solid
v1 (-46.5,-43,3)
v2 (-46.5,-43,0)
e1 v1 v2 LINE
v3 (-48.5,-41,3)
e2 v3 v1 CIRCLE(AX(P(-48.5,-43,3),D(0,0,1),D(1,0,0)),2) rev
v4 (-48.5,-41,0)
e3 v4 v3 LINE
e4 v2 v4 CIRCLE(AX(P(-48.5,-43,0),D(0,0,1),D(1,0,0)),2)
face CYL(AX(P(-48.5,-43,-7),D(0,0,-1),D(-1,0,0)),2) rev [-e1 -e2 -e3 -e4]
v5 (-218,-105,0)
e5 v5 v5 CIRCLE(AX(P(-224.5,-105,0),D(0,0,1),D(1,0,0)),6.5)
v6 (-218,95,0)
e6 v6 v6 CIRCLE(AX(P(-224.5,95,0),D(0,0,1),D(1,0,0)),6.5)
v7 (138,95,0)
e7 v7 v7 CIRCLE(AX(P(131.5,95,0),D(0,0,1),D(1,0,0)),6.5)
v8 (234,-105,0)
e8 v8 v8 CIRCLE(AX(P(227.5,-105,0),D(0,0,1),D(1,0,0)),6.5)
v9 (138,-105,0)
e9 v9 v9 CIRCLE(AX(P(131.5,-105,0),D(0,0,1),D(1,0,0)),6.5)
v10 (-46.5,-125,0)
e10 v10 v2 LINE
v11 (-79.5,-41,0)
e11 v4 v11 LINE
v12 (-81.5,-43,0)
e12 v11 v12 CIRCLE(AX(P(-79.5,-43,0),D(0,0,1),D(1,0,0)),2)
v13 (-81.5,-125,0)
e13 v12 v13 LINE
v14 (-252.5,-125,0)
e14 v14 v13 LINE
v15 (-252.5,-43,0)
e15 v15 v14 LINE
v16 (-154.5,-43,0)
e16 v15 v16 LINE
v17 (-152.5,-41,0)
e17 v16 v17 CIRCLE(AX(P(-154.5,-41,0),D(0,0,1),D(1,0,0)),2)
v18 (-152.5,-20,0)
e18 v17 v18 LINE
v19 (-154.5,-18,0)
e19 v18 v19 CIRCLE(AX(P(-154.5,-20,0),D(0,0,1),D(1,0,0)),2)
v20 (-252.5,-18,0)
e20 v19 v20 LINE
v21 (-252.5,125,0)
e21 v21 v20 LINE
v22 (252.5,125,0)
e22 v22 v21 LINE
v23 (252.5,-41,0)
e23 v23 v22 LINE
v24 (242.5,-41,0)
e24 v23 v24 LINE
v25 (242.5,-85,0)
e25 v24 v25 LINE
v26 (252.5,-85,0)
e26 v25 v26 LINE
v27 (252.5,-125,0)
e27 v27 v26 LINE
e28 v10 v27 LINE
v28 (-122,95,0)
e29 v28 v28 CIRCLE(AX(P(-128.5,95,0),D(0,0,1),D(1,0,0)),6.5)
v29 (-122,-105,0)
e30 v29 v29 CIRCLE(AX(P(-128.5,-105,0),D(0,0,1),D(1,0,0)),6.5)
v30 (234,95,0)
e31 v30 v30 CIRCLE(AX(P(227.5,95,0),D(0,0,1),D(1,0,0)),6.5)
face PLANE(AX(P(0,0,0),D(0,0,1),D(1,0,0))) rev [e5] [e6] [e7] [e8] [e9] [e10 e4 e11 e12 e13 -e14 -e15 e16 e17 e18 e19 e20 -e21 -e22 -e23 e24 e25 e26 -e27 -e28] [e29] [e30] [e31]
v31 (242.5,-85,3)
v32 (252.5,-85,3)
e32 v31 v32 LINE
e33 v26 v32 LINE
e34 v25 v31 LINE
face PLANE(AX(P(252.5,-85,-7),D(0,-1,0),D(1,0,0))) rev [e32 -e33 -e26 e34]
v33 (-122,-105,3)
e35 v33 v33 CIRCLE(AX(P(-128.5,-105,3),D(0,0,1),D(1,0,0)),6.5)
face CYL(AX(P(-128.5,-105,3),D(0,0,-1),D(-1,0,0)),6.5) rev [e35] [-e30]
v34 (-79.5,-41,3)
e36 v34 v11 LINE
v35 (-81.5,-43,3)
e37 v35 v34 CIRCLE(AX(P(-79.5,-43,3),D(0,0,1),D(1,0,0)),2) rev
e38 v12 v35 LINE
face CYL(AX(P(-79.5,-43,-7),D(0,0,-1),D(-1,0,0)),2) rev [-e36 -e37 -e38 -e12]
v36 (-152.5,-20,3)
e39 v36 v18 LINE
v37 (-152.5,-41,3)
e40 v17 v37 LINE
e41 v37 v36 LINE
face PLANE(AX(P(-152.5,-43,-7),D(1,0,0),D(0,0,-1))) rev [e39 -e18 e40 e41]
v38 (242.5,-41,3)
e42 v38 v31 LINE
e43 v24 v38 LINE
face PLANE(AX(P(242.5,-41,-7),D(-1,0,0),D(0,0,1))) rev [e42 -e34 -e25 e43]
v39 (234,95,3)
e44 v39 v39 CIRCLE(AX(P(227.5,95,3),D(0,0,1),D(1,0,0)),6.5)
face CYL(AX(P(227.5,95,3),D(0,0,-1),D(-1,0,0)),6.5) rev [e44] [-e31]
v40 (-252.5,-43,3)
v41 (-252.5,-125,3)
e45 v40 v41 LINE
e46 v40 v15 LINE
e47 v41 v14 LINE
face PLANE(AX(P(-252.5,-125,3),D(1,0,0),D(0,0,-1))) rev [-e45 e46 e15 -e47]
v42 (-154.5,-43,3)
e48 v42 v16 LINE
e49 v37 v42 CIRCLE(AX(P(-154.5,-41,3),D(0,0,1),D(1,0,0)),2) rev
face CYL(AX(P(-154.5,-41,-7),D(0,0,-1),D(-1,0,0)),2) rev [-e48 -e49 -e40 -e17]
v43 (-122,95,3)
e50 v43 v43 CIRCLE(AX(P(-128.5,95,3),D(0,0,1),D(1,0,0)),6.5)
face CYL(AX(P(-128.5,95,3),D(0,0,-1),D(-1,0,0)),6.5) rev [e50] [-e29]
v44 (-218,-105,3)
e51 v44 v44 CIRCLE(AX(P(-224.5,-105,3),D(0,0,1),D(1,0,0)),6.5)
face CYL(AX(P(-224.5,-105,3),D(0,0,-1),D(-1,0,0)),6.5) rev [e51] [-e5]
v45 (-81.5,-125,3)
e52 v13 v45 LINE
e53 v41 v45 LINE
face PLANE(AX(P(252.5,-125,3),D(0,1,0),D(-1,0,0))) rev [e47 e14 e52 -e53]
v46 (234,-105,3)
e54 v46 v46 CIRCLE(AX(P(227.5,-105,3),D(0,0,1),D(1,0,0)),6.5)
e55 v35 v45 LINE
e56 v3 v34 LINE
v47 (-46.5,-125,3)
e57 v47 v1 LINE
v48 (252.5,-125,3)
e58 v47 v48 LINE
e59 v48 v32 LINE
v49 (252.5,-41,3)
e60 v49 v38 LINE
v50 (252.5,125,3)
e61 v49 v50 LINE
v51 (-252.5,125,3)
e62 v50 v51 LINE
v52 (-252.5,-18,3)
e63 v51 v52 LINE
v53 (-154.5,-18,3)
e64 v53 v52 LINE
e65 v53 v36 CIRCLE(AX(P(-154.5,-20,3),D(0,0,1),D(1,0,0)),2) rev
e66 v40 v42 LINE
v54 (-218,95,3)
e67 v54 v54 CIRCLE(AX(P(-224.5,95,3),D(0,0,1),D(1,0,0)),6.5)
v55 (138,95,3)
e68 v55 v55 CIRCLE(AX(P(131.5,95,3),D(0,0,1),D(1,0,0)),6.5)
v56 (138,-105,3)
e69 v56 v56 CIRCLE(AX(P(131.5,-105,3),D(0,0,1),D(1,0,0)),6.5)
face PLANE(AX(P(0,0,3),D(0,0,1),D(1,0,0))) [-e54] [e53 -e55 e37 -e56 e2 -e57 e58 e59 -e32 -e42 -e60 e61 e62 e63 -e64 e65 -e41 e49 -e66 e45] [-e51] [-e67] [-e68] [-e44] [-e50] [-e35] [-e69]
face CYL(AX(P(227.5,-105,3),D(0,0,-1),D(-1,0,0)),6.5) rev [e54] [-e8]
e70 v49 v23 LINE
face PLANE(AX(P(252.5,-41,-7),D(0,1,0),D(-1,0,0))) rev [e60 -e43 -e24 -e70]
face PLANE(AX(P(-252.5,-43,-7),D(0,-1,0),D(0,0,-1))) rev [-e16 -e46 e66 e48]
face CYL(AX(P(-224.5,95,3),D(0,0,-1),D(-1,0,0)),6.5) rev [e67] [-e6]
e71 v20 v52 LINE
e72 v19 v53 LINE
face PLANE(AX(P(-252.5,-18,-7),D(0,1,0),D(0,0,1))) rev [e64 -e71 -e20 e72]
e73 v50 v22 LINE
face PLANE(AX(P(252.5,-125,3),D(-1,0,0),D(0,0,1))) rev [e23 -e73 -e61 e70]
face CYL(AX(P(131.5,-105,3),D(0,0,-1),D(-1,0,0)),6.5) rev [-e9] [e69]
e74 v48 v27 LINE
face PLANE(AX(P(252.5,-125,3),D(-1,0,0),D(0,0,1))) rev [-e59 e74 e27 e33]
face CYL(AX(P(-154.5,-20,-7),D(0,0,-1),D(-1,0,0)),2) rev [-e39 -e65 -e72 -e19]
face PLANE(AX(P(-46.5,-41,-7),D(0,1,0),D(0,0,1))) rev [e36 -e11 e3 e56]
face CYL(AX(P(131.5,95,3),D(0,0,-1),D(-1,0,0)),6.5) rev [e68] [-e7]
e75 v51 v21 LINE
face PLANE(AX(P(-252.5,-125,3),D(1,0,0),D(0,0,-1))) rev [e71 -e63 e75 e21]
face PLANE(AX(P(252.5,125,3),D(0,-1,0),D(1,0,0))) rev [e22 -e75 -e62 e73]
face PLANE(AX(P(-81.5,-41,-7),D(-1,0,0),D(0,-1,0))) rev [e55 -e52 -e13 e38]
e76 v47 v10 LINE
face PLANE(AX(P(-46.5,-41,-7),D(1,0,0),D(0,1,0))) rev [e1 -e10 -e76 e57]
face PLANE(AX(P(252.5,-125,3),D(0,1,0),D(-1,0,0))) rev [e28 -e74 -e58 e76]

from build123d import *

# Parameters (mm, degrees)
ESQUISSE1_W             = 505
ESQUISSE1_H             = 250
ESQUISSE1_R             = 6.5
BOSS_EXTRU_1_DEPTH      = 3
ESQUISSE4_W             = 100
ESQUISSE4_H             = 25
ESQUISSE4_W_2           = 35
ESQUISSE4_H_2           = 84
ESQUISSE4_W_3           = 10
ESQUISSE4_H_3           = 44
ENL_V_MAT_EXTRU_3_DEPTH = 10
CONG_1_R                = 2


with BuildPart() as part:
    # Esquisse1 → Boss.-Extru.1 (new body)
    with BuildSketch(Plane.XY):
        Rectangle(ESQUISSE1_W, ESQUISSE1_H)
        with Locations((131.5, 95)):
            Circle(ESQUISSE1_R, mode=Mode.SUBTRACT)
        with Locations((227.5, 95)):
            Circle(ESQUISSE1_R, mode=Mode.SUBTRACT)
        with Locations((131.5, -105)):
            Circle(ESQUISSE1_R, mode=Mode.SUBTRACT)
        with Locations((227.5, -105)):
            Circle(ESQUISSE1_R, mode=Mode.SUBTRACT)
        with Locations((-128.5, -105)):
            Circle(ESQUISSE1_R, mode=Mode.SUBTRACT)
        with Locations((-128.5, 95)):
            Circle(ESQUISSE1_R, mode=Mode.SUBTRACT)
        with Locations((-224.5, 95)):
            Circle(ESQUISSE1_R, mode=Mode.SUBTRACT)
        with Locations((-224.5, -105)):
            Circle(ESQUISSE1_R, mode=Mode.SUBTRACT)
    extrude(amount=BOSS_EXTRU_1_DEPTH)

    # Esquisse4 → Enlèv. mat.-Extru.3 (cut)
    with BuildSketch(Plane.XY.offset(3)):
        with Locations((-202.5, -30.5)):
            Rectangle(ESQUISSE4_W, ESQUISSE4_H)
        with Locations((-64, -83)):
            Rectangle(ESQUISSE4_W_2, ESQUISSE4_H_2)
        with Locations((247.5, -63)):
            Rectangle(ESQUISSE4_W_3, ESQUISSE4_H_3)
    extrude(amount=-ENL_V_MAT_EXTRU_3_DEPTH, mode=Mode.SUBTRACT)

    # Congé1
    cong_1_edges = [part.edges().sort_by_distance(p)[0] for p in [
        (-152.5, -18, 1.5),
        (-152.5, -43, 1.5),
        (-81.5, -41, 1.5),
        (-46.5, -41, 1.5),
    ]]
    fillet(cong_1_edges, radius=CONG_1_R)


solid = part.part
